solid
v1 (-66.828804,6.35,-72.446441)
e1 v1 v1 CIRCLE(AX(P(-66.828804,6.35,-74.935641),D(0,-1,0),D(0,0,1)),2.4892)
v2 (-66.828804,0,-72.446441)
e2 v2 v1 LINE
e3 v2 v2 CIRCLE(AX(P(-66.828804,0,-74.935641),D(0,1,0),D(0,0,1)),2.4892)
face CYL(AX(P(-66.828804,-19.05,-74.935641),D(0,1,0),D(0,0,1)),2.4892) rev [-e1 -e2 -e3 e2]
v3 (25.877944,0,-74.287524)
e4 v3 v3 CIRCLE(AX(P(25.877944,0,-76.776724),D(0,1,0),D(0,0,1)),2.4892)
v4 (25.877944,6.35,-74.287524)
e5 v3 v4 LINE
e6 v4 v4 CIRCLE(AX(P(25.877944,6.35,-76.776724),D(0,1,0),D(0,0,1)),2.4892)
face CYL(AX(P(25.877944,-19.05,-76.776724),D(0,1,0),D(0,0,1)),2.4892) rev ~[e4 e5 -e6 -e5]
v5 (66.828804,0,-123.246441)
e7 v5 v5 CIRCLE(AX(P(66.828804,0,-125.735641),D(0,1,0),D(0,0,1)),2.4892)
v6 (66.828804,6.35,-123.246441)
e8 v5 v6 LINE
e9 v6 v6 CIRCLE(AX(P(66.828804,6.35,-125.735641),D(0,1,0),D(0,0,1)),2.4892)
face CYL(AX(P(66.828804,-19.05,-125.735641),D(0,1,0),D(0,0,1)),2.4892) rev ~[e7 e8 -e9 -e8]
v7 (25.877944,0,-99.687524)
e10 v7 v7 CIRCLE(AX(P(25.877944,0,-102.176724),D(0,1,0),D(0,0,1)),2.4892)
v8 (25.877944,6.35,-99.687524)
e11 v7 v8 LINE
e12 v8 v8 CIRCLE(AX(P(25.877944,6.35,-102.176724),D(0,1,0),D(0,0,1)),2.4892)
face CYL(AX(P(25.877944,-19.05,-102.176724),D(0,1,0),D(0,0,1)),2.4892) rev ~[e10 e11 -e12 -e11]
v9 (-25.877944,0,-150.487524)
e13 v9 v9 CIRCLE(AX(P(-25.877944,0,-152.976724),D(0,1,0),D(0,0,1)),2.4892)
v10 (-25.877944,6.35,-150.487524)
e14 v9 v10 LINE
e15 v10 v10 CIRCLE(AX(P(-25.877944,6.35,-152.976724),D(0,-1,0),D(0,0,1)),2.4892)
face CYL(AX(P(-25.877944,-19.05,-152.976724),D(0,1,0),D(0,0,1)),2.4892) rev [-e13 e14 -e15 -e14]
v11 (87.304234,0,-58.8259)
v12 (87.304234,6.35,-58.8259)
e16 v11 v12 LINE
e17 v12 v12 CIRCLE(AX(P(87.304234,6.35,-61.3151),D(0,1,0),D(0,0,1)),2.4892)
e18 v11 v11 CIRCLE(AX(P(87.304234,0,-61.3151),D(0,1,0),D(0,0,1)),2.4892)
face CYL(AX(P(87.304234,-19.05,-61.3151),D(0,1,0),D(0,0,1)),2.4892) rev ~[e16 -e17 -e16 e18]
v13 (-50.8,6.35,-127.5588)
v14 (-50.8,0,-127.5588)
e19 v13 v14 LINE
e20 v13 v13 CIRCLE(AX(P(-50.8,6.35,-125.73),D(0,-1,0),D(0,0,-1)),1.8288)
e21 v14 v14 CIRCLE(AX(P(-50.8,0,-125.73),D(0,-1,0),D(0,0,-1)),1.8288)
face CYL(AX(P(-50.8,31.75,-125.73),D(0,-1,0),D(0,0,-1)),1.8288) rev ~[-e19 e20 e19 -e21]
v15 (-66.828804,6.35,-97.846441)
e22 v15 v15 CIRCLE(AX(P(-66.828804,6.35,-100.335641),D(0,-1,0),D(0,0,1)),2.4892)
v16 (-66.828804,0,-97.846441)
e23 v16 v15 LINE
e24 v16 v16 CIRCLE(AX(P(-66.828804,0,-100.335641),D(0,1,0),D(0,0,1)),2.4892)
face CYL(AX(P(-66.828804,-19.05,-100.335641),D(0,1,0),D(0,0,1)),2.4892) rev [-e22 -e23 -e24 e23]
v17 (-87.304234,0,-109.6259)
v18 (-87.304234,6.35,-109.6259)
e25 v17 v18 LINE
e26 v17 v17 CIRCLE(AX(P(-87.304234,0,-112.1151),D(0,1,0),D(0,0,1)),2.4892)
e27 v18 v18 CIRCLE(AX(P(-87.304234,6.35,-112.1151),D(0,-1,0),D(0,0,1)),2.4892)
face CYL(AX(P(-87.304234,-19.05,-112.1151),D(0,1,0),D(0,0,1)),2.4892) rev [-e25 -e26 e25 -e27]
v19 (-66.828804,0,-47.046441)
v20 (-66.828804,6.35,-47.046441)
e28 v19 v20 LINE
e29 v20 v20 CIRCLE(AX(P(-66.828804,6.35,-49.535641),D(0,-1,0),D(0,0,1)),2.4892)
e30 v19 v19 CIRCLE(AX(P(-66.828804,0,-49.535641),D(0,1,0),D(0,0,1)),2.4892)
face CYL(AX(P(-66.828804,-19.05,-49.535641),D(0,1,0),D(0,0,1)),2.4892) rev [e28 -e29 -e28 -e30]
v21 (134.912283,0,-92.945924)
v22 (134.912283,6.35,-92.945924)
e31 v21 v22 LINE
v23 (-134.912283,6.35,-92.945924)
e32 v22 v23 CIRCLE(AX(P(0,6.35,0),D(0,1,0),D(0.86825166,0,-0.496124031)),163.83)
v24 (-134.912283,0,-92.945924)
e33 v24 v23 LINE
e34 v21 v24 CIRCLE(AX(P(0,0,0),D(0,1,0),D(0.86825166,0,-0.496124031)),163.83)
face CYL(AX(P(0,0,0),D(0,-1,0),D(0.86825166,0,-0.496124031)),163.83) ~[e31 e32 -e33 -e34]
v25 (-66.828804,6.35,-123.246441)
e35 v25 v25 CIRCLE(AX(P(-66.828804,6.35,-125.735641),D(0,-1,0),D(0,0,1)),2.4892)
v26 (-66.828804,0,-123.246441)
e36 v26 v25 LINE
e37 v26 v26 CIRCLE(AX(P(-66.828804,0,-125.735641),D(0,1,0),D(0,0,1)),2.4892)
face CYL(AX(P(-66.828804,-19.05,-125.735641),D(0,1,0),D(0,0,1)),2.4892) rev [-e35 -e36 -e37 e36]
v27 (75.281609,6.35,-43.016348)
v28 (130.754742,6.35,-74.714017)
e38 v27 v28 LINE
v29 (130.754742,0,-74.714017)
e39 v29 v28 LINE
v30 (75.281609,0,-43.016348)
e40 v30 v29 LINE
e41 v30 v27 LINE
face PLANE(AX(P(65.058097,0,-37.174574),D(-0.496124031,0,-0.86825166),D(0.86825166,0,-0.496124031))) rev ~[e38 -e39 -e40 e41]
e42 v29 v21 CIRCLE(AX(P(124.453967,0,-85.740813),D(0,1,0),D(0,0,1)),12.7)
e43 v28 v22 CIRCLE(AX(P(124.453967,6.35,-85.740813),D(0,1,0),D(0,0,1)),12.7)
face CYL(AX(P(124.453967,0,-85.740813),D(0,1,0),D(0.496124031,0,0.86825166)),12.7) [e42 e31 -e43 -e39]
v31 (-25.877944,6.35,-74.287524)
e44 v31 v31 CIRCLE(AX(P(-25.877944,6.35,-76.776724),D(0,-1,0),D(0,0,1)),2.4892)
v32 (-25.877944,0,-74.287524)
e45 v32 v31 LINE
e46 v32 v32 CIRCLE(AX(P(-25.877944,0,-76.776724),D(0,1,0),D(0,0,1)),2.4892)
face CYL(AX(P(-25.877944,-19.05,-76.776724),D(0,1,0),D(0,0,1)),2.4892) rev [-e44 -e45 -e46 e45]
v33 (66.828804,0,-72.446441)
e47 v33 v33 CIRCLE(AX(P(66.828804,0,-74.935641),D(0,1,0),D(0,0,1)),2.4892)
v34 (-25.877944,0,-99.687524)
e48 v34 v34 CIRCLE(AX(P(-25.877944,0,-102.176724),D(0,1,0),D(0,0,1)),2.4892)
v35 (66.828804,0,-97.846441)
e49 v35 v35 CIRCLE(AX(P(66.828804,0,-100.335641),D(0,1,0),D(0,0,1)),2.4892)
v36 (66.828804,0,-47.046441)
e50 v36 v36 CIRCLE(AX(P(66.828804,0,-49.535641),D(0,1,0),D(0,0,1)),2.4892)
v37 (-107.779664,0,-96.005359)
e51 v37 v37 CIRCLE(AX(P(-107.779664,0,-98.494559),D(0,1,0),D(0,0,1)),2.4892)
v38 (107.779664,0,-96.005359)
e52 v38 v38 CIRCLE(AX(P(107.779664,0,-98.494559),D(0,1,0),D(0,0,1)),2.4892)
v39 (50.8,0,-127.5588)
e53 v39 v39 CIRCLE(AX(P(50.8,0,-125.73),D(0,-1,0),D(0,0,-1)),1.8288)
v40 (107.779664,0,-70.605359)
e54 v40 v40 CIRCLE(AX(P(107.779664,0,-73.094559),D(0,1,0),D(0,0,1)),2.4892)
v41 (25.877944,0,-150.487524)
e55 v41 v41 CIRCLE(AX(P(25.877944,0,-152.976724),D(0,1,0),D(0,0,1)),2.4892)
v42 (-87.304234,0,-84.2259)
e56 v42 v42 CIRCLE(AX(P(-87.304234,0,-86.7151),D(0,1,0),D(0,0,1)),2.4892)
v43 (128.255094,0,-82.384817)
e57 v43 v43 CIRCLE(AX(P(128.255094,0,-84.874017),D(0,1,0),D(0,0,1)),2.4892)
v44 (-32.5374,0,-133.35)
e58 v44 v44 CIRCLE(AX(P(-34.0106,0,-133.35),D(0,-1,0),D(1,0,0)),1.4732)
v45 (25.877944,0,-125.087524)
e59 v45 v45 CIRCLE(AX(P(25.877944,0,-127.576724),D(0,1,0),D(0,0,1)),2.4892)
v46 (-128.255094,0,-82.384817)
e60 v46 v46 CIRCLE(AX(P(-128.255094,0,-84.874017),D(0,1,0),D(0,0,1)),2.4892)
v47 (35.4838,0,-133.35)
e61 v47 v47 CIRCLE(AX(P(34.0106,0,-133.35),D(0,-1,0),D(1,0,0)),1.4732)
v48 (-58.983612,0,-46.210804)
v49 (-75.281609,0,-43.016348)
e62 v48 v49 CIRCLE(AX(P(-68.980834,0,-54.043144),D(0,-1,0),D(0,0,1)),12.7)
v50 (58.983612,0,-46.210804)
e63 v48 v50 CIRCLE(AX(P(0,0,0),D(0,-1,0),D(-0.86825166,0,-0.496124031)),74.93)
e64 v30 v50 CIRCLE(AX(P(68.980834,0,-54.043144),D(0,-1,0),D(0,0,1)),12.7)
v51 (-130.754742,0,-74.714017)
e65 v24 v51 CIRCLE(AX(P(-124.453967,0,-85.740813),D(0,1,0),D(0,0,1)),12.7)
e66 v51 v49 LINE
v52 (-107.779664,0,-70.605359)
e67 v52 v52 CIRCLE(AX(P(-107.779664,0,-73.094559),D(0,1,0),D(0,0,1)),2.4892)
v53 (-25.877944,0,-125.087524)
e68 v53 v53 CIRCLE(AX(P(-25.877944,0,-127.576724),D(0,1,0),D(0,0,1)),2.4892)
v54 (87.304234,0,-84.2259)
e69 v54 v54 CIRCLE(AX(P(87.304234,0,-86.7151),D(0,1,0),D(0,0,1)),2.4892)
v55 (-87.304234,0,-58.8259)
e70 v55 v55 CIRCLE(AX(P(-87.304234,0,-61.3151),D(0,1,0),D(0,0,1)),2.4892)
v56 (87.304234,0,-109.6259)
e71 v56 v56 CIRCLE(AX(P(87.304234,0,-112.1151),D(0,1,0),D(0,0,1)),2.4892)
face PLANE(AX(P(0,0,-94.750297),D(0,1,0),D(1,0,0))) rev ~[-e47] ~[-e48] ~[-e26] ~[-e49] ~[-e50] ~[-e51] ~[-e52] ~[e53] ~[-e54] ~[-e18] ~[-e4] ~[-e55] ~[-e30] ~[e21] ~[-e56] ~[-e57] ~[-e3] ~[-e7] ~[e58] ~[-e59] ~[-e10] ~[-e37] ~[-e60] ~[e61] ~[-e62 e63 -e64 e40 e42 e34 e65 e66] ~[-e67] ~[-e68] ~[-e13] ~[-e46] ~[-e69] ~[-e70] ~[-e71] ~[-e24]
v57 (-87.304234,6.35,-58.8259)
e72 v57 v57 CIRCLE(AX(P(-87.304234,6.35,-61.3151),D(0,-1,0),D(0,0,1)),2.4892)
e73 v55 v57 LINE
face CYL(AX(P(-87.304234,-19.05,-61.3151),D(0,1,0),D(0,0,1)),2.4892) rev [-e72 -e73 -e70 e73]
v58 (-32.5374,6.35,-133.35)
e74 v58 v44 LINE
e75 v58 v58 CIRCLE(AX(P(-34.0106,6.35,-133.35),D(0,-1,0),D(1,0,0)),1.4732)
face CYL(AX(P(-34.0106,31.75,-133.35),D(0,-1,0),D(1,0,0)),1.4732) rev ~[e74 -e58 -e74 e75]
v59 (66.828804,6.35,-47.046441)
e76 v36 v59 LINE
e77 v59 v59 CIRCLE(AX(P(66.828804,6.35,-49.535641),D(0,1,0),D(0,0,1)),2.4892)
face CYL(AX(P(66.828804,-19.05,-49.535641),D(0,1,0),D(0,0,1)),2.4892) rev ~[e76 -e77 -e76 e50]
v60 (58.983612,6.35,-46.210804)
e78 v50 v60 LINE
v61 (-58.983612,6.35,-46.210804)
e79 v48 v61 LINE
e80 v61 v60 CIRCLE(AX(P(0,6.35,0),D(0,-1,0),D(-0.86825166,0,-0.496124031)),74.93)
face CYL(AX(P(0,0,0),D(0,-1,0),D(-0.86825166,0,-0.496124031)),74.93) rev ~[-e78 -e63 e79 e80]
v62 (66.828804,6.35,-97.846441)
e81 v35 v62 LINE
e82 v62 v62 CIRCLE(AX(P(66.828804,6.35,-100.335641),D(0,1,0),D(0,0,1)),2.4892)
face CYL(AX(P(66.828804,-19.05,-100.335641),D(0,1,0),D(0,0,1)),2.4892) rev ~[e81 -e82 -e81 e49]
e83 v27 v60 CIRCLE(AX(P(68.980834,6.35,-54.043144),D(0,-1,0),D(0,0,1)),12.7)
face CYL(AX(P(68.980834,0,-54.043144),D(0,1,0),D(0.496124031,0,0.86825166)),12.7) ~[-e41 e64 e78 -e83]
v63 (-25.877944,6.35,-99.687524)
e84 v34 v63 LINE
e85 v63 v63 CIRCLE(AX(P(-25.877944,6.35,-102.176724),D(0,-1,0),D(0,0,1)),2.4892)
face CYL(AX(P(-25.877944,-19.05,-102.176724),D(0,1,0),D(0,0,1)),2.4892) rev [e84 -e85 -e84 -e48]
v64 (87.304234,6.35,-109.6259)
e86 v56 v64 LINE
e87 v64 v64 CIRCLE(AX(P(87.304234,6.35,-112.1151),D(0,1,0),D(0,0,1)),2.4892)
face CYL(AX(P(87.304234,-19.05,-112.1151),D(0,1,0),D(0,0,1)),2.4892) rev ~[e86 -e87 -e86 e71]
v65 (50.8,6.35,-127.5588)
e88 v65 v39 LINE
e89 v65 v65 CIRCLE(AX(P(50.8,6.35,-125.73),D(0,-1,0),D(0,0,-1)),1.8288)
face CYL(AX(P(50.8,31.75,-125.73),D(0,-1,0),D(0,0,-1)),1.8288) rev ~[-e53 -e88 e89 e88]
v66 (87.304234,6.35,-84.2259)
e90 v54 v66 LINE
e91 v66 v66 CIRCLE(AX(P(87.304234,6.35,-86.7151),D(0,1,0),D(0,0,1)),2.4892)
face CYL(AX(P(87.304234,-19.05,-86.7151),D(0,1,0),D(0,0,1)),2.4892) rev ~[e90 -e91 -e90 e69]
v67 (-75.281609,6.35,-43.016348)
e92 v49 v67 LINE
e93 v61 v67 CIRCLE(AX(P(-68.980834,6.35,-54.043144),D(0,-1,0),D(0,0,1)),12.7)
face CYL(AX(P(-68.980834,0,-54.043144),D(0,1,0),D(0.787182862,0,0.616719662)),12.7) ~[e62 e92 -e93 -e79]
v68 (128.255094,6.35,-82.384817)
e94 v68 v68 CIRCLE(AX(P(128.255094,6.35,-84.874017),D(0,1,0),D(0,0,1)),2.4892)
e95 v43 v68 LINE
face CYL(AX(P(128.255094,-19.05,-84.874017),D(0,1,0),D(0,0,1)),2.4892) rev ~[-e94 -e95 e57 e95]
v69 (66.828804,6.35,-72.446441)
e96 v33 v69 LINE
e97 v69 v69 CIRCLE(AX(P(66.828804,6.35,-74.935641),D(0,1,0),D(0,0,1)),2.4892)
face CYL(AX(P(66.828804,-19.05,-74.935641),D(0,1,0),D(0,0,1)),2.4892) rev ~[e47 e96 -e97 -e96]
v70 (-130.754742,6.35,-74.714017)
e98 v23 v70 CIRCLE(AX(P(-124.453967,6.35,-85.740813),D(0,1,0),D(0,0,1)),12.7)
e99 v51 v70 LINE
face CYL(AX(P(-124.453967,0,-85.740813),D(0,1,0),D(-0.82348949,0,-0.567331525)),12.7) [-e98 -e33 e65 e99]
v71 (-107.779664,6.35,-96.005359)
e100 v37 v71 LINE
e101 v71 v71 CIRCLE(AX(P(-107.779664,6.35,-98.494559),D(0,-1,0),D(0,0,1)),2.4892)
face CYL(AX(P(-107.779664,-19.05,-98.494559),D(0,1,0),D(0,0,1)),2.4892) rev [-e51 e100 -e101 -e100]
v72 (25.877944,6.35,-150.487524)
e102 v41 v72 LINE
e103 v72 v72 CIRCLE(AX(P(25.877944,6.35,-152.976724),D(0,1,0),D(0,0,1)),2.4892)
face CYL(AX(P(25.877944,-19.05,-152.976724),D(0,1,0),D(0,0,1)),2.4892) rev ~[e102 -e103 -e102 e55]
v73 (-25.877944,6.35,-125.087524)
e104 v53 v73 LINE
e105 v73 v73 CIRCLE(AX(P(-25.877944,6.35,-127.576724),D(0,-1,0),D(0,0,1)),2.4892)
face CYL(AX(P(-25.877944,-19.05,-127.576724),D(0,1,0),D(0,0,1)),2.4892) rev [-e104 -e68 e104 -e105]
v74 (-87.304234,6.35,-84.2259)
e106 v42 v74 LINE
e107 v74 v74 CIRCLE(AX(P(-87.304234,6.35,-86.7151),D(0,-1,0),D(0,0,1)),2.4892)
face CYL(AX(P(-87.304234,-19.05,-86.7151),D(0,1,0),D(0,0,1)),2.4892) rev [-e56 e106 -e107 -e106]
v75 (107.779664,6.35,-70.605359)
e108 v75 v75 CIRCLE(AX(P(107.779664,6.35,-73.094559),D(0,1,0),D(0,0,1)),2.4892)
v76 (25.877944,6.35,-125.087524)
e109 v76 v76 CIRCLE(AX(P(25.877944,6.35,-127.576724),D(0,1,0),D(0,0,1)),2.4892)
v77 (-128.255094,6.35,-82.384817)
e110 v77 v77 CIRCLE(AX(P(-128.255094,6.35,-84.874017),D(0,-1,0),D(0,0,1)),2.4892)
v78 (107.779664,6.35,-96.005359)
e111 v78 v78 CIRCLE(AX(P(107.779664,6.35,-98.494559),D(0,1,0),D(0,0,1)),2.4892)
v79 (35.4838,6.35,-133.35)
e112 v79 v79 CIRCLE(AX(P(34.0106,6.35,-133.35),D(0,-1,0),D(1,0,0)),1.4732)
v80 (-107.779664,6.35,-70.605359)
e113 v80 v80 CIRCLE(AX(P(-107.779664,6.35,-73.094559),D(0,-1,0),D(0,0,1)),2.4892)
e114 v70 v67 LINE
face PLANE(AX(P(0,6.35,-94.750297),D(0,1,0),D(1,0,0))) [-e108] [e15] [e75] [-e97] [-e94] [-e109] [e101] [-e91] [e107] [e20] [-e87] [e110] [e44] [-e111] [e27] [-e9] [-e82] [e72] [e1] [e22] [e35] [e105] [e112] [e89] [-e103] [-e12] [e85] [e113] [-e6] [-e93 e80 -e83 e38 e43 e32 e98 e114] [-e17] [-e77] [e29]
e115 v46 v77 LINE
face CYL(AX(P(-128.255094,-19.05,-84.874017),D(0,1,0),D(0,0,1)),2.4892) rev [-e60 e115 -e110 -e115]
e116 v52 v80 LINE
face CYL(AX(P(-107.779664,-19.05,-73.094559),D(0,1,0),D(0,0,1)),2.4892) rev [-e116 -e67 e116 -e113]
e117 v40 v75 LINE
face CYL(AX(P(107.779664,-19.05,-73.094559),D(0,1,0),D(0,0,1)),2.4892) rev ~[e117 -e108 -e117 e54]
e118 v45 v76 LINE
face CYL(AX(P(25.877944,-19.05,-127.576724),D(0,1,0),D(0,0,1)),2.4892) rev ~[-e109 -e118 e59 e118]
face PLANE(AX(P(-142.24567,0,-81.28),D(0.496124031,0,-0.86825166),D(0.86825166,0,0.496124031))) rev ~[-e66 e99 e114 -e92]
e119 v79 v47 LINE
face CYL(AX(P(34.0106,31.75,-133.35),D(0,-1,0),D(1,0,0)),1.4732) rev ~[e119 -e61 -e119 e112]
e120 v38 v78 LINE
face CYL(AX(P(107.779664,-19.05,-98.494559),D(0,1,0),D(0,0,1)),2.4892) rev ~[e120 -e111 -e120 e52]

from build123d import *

# Parameters (mm, degrees)
BOSS_EXTRUDE1_DEPTH       = 6.35
F_6_CLEARANCE_HOLE1_D     = 3.6576
F_6_CLEARANCE_HOLE1_DEPTH = 25.4
F_6_CLEARANCE_HOLE1_TIP   = 1.0988539
FILLET1_R                 = 12.7
F_4_CLEARANCE_HOLE1_D     = 2.9464
F_4_CLEARANCE_HOLE1_DEPTH = 25.4
F_4_CLEARANCE_HOLE1_TIP   = 0.885187864
LPATTERN4_COUNT           = 6
LPATTERN4_PITCH           = 25.4
LPATTERN4_COUNT_DIR2      = 7
LPATTERN4_PITCH_DIR2      = 23.622


with BuildPart() as part:
    # Sketch1 → Boss-Extrude1 (new body)
    with BuildSketch(Plane(origin=(0, 0, 0), x_dir=(1, 0, 0), z_dir=(0, 1, 0))):
        with BuildLine():
            Line((65.058096917, 37.174573643), (142.24566953, 81.28))
            ThreePointArc((142.24566953, 81.28), (0, 163.83), (-142.24566953, 81.28))
            Line((-142.24566953, 81.28), (-65.058096917, 37.174573643))
            ThreePointArc((-65.058096917, 37.174573643), (0, 74.93), (65.058096917, 37.174573643))
        make_face()
    extrude(amount=BOSS_EXTRUDE1_DEPTH)

    # #6 Clearance Hole1
    with Locations(Plane(origin=(-50.8, 6.35, -125.73), x_dir=(0, 0, 1), z_dir=(0, 1, 0))):
        with Locations((0, 0), (0, 101.6)):
            Hole(F_6_CLEARANCE_HOLE1_D / 2, depth=F_6_CLEARANCE_HOLE1_DEPTH)
            with Locations((0, 0, -(F_6_CLEARANCE_HOLE1_DEPTH + F_6_CLEARANCE_HOLE1_TIP / 2))):  # 118° drill point
                Cone(0, F_6_CLEARANCE_HOLE1_D / 2, F_6_CLEARANCE_HOLE1_TIP, mode=Mode.SUBTRACT)

    # Fillet1
    fillet1_edges = [part.edges().sort_by_distance(p)[0] for p in [
        (65.058096917, 3.175, -37.174573643),
        (-142.24566953, 3.175, -81.28),
        (-65.058096917, 3.175, -37.174573643),
        (142.24566953, 3.175, -81.28),
    ]]
    fillet(fillet1_edges, radius=FILLET1_R)

    # #4 Clearance Hole1
    with Locations(Plane(origin=(0, 6.35, 0), x_dir=(-1, 0, 0), z_dir=(0, 1, 0))):
        with Locations((-34.0106, -133.35), (34.0106, -133.35)):
            Hole(F_4_CLEARANCE_HOLE1_D / 2, depth=F_4_CLEARANCE_HOLE1_DEPTH)
            with Locations((0, 0, -(F_4_CLEARANCE_HOLE1_DEPTH + F_4_CLEARANCE_HOLE1_TIP / 2))):  # 118° drill point
                Cone(0, F_4_CLEARANCE_HOLE1_D / 2, F_4_CLEARANCE_HOLE1_TIP, mode=Mode.SUBTRACT)

    # Sketch5 → #10 Clearance Hole1 (revolve, cut)
    with BuildSketch(Plane(origin=(-128.255094273, 6.35, -84.874017323), x_dir=(0, 0, 1), z_dir=(1, 0, 0))):
        Polygon((0, 0), (0, 26.895662253), (2.4892, 25.4), (2.4892, 0), align=None)
    f_10_clearance_hole1 = revolve(axis=Axis((-128.255094273, 12.7, -84.874017323), (0, -1, 0)), mode=Mode.SUBTRACT)

    # LPattern4: 10 Clearance Hole1 6 × 7, 28 skipped
    with Locations(*[Vector(0, 0, -1) * (i * LPATTERN4_PITCH) + Vector(0.8667949394357127, 0, 0.49866475007628047) * (j * LPATTERN4_PITCH_DIR2) for i in range(LPATTERN4_COUNT) for j in range(LPATTERN4_COUNT_DIR2) if (i, j) not in ((0, 0), (0, 4), (0, 5), (0, 6), (1, 0), (1, 4), (1, 5), (1, 6), (2, 0), (2, 1), (2, 4), (2, 6), (3, 0), (3, 1), (3, 2), (3, 4), (3, 6), (4, 0), (4, 1), (4, 2), (4, 3), (4, 4), (4, 6), (5, 0), (5, 1), (5, 2), (5, 3), (5, 4), (5, 6))]):
        add(f_10_clearance_hole1, mode=Mode.SUBTRACT)

    # Mirror4 copy 1 sketch → Mirror4 copy 1 (revolve, cut)
    with BuildSketch(Plane(origin=(107.779664214, 6.35, -73.094558596), x_dir=(0, 0, 1), z_dir=(-1, 0, 0))):
        Polygon((0, 0), (0, -26.895662253), (2.4892, -25.4), (2.4892, 0), align=None)
    revolve(axis=Axis((107.779664214, 12.7, -73.094558596), (0, 1, 0)), mode=Mode.SUBTRACT)

    # Mirror4 copy 2 sketch → Mirror4 copy 2 (revolve, cut)
    with BuildSketch(Plane(origin=(87.304234155, 6.35, -61.31509987), x_dir=(0, 0, 1), z_dir=(-1, 0, 0))):
        Polygon((0, 0), (0, -26.895662253), (2.4892, -25.4), (2.4892, 0), align=None)
    revolve(axis=Axis((87.304234155, 12.7, -61.31509987), (0, 1, 0)), mode=Mode.SUBTRACT)

    # Mirror4 copy 3 sketch → Mirror4 copy 3 (revolve, cut)
    with BuildSketch(Plane(origin=(66.828804095, 6.35, -49.535641144), x_dir=(0, 0, 1), z_dir=(-1, 0, 0))):
        Polygon((0, 0), (0, -26.895662253), (2.4892, -25.4), (2.4892, 0), align=None)
    revolve(axis=Axis((66.828804095, 12.7, -49.535641144), (0, 1, 0)), mode=Mode.SUBTRACT)

    # Mirror4 copy 4 sketch → Mirror4 copy 4 (revolve, cut)
    with BuildSketch(Plane(origin=(107.779664214, 6.35, -98.494558596), x_dir=(0, 0, 1), z_dir=(-1, 0, 0))):
        Polygon((0, 0), (0, -26.895662253), (2.4892, -25.4), (2.4892, 0), align=None)
    revolve(axis=Axis((107.779664214, 12.7, -98.494558596), (0, 1, 0)), mode=Mode.SUBTRACT)

    # Mirror4 copy 5 sketch → Mirror4 copy 5 (revolve, cut)
    with BuildSketch(Plane(origin=(87.304234155, 6.35, -86.71509987), x_dir=(0, 0, 1), z_dir=(-1, 0, 0))):
        Polygon((0, 0), (0, -26.895662253), (2.4892, -25.4), (2.4892, 0), align=None)
    revolve(axis=Axis((87.304234155, 12.7, -86.71509987), (0, 1, 0)), mode=Mode.SUBTRACT)

    # Mirror4 copy 6 sketch → Mirror4 copy 6 (revolve, cut)
    with BuildSketch(Plane(origin=(66.828804095, 6.35, -74.935641144), x_dir=(0, 0, 1), z_dir=(-1, 0, 0))):
        Polygon((0, 0), (0, -26.895662253), (2.4892, -25.4), (2.4892, 0), align=None)
    revolve(axis=Axis((66.828804095, 12.7, -74.935641144), (0, 1, 0)), mode=Mode.SUBTRACT)

    # Mirror4 copy 7 sketch → Mirror4 copy 7 (revolve, cut)
    with BuildSketch(Plane(origin=(87.304234155, 6.35, -112.11509987), x_dir=(0, 0, 1), z_dir=(-1, 0, 0))):
        Polygon((0, 0), (0, -26.895662253), (2.4892, -25.4), (2.4892, 0), align=None)
    revolve(axis=Axis((87.304234155, 12.7, -112.11509987), (0, 1, 0)), mode=Mode.SUBTRACT)

    # Mirror4 copy 8 sketch → Mirror4 copy 8 (revolve, cut)
    with BuildSketch(Plane(origin=(66.828804095, 6.35, -100.335641144), x_dir=(0, 0, 1), z_dir=(-1, 0, 0))):
        Polygon((0, 0), (0, -26.895662253), (2.4892, -25.4), (2.4892, 0), align=None)
    revolve(axis=Axis((66.828804095, 12.7, -100.335641144), (0, 1, 0)), mode=Mode.SUBTRACT)

    # Mirror4 copy 9 sketch → Mirror4 copy 9 (revolve, cut)
    with BuildSketch(Plane(origin=(25.877943977, 6.35, -76.776723691), x_dir=(0, 0, 1), z_dir=(-1, 0, 0))):
        Polygon((0, 0), (0, -26.895662253), (2.4892, -25.4), (2.4892, 0), align=None)
    revolve(axis=Axis((25.877943977, 12.7, -76.776723691), (0, 1, 0)), mode=Mode.SUBTRACT)

    # Mirror4 copy 10 sketch → Mirror4 copy 10 (revolve, cut)
    with BuildSketch(Plane(origin=(66.828804095, 6.35, -125.735641144), x_dir=(0, 0, 1), z_dir=(-1, 0, 0))):
        Polygon((0, 0), (0, -26.895662253), (2.4892, -25.4), (2.4892, 0), align=None)
    revolve(axis=Axis((66.828804095, 12.7, -125.735641144), (0, 1, 0)), mode=Mode.SUBTRACT)

    # Mirror4 copy 11 sketch → Mirror4 copy 11 (revolve, cut)
    with BuildSketch(Plane(origin=(25.877943977, 6.35, -102.176723691), x_dir=(0, 0, 1), z_dir=(-1, 0, 0))):
        Polygon((0, 0), (0, -26.895662253), (2.4892, -25.4), (2.4892, 0), align=None)
    revolve(axis=Axis((25.877943977, 12.7, -102.176723691), (0, 1, 0)), mode=Mode.SUBTRACT)

    # Mirror4 copy 12 sketch → Mirror4 copy 12 (revolve, cut)
    with BuildSketch(Plane(origin=(25.877943977, 6.35, -127.576723691), x_dir=(0, 0, 1), z_dir=(-1, 0, 0))):
        Polygon((0, 0), (0, -26.895662253), (2.4892, -25.4), (2.4892, 0), align=None)
    revolve(axis=Axis((25.877943977, 12.7, -127.576723691), (0, 1, 0)), mode=Mode.SUBTRACT)

    # Mirror4 copy 13 sketch → Mirror4 copy 13 (revolve, cut)
    with BuildSketch(Plane(origin=(25.877943977, 6.35, -152.976723691), x_dir=(0, 0, 1), z_dir=(-1, 0, 0))):
        Polygon((0, 0), (0, -26.895662253), (2.4892, -25.4), (2.4892, 0), align=None)
    revolve(axis=Axis((25.877943977, 12.7, -152.976723691), (0, 1, 0)), mode=Mode.SUBTRACT)

    # Mirror4 copy 14 sketch → Mirror4 copy 14 (revolve, cut)
    with BuildSketch(Plane(origin=(128.255094273, 6.35, -84.874017323), x_dir=(0, 0, 1), z_dir=(-1, 0, 0))):
        Polygon((0, 0), (0, -26.895662253), (2.4892, -25.4), (2.4892, 0), align=None)
    revolve(axis=Axis((128.255094273, 12.7, -84.874017323), (0, 1, 0)), mode=Mode.SUBTRACT)


solid = part.part
